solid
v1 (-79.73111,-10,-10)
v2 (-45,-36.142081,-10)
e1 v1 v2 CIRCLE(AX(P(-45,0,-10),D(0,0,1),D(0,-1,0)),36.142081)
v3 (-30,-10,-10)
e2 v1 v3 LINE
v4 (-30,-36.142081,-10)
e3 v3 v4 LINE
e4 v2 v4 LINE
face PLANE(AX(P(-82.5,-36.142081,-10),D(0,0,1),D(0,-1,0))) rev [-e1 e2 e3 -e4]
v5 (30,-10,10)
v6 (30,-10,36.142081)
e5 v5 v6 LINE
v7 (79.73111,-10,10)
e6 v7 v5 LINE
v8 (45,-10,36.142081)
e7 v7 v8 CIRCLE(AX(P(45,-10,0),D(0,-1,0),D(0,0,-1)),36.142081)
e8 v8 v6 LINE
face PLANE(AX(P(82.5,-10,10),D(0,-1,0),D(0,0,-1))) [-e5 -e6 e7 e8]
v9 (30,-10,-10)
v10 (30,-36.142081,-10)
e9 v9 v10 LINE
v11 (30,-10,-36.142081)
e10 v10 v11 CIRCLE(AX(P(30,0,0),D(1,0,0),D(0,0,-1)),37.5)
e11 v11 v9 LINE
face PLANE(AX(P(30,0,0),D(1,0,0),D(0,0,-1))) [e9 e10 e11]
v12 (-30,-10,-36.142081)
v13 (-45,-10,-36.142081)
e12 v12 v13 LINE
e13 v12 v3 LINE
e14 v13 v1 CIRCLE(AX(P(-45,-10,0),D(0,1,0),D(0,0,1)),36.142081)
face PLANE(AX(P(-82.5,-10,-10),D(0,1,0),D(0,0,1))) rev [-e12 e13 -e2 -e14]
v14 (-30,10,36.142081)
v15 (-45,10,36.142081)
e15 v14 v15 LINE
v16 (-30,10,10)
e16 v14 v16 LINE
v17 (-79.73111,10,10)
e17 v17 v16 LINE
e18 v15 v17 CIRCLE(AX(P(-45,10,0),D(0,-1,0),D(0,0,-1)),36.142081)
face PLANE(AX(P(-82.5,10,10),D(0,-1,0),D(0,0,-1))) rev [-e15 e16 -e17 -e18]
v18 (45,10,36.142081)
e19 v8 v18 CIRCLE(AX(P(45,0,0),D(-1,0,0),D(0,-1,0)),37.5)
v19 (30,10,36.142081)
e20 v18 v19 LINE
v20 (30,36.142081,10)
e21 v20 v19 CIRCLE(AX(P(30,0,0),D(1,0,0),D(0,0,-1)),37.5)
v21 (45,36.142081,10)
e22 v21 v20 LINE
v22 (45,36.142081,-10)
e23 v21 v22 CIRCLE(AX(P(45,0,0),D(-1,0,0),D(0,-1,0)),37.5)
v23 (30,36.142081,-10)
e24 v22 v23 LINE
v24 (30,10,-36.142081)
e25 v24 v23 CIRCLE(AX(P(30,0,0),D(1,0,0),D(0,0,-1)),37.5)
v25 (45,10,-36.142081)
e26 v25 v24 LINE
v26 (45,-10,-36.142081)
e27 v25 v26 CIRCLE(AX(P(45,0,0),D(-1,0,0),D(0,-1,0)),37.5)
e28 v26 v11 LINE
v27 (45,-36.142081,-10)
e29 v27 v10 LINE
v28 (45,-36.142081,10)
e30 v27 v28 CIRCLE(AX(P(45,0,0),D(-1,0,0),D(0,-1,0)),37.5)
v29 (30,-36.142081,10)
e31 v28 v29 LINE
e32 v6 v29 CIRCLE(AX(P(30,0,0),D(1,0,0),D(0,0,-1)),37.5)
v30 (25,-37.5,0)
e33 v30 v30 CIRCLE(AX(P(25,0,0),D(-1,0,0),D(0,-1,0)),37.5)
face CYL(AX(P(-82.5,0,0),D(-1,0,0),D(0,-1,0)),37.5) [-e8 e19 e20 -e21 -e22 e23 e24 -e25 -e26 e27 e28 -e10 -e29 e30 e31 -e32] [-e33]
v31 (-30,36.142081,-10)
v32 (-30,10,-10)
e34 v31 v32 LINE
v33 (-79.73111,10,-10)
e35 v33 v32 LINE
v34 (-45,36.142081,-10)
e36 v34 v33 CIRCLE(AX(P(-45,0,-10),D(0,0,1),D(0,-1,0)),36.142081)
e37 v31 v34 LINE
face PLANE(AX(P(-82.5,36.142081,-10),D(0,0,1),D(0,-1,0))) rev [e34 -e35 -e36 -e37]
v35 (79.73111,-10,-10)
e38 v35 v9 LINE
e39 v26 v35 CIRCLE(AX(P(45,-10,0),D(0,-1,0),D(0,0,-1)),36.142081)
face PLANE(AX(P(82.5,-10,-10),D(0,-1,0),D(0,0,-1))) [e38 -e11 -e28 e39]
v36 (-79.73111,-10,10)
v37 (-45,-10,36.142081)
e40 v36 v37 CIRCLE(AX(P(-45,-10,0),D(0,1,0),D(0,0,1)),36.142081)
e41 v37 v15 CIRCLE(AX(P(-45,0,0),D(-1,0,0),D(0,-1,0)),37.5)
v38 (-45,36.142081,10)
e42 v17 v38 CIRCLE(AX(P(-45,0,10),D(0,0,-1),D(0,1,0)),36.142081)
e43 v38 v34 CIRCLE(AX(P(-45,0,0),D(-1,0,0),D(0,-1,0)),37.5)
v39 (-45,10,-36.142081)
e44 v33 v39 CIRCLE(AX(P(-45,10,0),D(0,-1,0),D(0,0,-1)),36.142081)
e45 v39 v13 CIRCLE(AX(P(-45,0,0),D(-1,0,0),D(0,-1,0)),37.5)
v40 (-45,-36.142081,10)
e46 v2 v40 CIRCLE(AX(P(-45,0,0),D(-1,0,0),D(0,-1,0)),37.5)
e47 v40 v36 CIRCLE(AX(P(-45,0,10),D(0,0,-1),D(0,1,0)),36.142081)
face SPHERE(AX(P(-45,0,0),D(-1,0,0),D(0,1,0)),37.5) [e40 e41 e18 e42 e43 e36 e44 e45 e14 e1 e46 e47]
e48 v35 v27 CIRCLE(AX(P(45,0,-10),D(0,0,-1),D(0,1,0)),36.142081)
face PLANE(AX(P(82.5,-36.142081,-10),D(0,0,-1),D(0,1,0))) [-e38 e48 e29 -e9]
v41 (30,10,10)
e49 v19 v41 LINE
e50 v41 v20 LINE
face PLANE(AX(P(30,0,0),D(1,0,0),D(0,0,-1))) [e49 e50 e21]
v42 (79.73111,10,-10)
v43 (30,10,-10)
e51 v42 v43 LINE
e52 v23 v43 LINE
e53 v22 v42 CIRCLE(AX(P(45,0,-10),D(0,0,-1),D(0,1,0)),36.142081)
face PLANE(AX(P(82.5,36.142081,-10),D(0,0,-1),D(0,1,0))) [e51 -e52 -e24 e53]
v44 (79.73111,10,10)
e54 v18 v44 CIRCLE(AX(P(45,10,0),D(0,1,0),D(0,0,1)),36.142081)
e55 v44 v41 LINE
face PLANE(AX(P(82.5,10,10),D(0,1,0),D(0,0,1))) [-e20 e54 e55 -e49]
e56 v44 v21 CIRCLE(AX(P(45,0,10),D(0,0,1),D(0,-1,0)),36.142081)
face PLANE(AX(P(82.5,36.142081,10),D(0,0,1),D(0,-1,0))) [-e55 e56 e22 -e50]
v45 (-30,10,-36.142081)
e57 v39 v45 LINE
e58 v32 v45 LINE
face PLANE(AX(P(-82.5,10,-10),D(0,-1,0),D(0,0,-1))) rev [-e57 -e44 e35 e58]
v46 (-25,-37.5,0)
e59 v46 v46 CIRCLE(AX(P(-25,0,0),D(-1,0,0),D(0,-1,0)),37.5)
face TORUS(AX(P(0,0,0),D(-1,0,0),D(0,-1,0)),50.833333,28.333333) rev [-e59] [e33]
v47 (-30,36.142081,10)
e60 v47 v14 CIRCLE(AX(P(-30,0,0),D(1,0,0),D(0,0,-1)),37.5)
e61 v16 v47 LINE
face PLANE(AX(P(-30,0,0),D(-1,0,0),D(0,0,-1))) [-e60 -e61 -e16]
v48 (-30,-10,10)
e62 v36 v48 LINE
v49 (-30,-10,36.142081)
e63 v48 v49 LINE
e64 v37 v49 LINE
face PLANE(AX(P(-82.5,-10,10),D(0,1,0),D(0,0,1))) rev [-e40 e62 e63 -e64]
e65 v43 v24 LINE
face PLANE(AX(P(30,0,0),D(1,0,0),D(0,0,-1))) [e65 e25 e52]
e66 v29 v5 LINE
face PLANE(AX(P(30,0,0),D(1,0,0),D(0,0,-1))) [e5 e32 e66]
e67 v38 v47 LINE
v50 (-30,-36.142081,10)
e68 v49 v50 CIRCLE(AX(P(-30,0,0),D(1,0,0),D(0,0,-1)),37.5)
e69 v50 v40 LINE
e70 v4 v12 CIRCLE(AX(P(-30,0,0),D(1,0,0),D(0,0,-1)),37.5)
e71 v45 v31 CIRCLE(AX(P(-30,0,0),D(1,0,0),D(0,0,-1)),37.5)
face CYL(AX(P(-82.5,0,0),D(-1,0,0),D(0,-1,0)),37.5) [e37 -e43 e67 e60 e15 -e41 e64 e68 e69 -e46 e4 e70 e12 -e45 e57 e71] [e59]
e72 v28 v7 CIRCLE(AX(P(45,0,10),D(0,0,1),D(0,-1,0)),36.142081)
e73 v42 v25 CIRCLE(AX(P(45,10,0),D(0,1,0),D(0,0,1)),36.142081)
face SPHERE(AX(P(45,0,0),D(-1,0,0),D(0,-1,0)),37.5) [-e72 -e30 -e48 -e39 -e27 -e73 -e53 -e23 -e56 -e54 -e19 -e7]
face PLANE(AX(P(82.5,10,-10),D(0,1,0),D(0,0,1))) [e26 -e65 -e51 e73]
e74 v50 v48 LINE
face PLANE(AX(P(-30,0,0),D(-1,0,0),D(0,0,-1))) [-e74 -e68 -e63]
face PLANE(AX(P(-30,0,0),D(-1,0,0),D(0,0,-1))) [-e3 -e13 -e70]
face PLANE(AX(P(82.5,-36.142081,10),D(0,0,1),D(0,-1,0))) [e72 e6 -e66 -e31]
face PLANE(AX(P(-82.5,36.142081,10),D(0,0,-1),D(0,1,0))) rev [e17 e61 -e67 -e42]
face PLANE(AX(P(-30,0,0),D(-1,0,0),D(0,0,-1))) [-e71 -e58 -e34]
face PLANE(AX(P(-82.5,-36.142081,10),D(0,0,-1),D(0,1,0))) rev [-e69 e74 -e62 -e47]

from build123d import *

# Parameters (mm, degrees)
CUT_EXTRUDE_1_DEPTH = 125.373429638


with BuildPart() as part:
    # 草图1 → 旋转1 (revolve)
    with BuildSketch(Plane.XY, mode=Mode.PRIVATE) as revolve_1_sk:
        with BuildLine():
            Line((45, 37.5), (25, 37.5))
            ThreePointArc((25, 37.5), (0, 22.5), (-25, 37.5))
            Line((-25, 37.5), (-45, 37.5))
            ThreePointArc((-45, 37.5), (-71.516504294, 26.516504294), (-82.5, 0))
            Line((-82.5, 0), (82.5, 0))
            ThreePointArc((82.5, 0), (71.516504294, 26.516504294), (45, 37.5))
        make_face()
    revolve(revolve_1_sk.sketch.rotate(Axis((-82.5, 0, 0), (1, 0, 0)), 180), axis=Axis((-82.5, 0, 0), (1, 0, 0)))

    # 草图2 → 切除-拉伸1 (cut, through all)
    with BuildSketch(Plane(origin=(30, 0, 0), x_dir=(0, 0, -1), z_dir=(1, 0, 0))):
        with BuildLine():
            Line((10, 36.142080737), (10, 10))
            Line((10, 10), (36.142080737, 10))
            ThreePointArc((36.142080737, 10), (26.516504294, 26.516504294), (10, 36.142080737))
        make_face()
        with BuildLine():
            Line((-10, 10), (-36.142080737, 10))
            ThreePointArc((-36.142080737, 10), (-26.516504294, 26.516504294), (-10, 36.142080737))
            Line((-10, 36.142080737), (-10, 10))
        make_face()
        with BuildLine():
            Line((-10, -10), (-36.142080737, -10))
            ThreePointArc((-36.142080737, -10), (-26.516504294, -26.516504294), (-10, -36.142080737))
            Line((-10, -36.142080737), (-10, -10))
        make_face()
        with BuildLine():
            Line((10, -10), (36.142080737, -10))
            ThreePointArc((36.142080737, -10), (26.516504294, -26.516504294), (10, -36.142080737))
            Line((10, -36.142080737), (10, -10))
        make_face()
    cut_extrude_1 = extrude(amount=CUT_EXTRUDE_1_DEPTH, mode=Mode.SUBTRACT)

    # 镜向1: 切除-拉伸1 across plane
    add(cut_extrude_1.mirror(Plane(origin=(0, 0, 0), x_dir=(0, 0, 1), z_dir=(1, 0, 0))), mode=Mode.SUBTRACT)


solid = part.part
